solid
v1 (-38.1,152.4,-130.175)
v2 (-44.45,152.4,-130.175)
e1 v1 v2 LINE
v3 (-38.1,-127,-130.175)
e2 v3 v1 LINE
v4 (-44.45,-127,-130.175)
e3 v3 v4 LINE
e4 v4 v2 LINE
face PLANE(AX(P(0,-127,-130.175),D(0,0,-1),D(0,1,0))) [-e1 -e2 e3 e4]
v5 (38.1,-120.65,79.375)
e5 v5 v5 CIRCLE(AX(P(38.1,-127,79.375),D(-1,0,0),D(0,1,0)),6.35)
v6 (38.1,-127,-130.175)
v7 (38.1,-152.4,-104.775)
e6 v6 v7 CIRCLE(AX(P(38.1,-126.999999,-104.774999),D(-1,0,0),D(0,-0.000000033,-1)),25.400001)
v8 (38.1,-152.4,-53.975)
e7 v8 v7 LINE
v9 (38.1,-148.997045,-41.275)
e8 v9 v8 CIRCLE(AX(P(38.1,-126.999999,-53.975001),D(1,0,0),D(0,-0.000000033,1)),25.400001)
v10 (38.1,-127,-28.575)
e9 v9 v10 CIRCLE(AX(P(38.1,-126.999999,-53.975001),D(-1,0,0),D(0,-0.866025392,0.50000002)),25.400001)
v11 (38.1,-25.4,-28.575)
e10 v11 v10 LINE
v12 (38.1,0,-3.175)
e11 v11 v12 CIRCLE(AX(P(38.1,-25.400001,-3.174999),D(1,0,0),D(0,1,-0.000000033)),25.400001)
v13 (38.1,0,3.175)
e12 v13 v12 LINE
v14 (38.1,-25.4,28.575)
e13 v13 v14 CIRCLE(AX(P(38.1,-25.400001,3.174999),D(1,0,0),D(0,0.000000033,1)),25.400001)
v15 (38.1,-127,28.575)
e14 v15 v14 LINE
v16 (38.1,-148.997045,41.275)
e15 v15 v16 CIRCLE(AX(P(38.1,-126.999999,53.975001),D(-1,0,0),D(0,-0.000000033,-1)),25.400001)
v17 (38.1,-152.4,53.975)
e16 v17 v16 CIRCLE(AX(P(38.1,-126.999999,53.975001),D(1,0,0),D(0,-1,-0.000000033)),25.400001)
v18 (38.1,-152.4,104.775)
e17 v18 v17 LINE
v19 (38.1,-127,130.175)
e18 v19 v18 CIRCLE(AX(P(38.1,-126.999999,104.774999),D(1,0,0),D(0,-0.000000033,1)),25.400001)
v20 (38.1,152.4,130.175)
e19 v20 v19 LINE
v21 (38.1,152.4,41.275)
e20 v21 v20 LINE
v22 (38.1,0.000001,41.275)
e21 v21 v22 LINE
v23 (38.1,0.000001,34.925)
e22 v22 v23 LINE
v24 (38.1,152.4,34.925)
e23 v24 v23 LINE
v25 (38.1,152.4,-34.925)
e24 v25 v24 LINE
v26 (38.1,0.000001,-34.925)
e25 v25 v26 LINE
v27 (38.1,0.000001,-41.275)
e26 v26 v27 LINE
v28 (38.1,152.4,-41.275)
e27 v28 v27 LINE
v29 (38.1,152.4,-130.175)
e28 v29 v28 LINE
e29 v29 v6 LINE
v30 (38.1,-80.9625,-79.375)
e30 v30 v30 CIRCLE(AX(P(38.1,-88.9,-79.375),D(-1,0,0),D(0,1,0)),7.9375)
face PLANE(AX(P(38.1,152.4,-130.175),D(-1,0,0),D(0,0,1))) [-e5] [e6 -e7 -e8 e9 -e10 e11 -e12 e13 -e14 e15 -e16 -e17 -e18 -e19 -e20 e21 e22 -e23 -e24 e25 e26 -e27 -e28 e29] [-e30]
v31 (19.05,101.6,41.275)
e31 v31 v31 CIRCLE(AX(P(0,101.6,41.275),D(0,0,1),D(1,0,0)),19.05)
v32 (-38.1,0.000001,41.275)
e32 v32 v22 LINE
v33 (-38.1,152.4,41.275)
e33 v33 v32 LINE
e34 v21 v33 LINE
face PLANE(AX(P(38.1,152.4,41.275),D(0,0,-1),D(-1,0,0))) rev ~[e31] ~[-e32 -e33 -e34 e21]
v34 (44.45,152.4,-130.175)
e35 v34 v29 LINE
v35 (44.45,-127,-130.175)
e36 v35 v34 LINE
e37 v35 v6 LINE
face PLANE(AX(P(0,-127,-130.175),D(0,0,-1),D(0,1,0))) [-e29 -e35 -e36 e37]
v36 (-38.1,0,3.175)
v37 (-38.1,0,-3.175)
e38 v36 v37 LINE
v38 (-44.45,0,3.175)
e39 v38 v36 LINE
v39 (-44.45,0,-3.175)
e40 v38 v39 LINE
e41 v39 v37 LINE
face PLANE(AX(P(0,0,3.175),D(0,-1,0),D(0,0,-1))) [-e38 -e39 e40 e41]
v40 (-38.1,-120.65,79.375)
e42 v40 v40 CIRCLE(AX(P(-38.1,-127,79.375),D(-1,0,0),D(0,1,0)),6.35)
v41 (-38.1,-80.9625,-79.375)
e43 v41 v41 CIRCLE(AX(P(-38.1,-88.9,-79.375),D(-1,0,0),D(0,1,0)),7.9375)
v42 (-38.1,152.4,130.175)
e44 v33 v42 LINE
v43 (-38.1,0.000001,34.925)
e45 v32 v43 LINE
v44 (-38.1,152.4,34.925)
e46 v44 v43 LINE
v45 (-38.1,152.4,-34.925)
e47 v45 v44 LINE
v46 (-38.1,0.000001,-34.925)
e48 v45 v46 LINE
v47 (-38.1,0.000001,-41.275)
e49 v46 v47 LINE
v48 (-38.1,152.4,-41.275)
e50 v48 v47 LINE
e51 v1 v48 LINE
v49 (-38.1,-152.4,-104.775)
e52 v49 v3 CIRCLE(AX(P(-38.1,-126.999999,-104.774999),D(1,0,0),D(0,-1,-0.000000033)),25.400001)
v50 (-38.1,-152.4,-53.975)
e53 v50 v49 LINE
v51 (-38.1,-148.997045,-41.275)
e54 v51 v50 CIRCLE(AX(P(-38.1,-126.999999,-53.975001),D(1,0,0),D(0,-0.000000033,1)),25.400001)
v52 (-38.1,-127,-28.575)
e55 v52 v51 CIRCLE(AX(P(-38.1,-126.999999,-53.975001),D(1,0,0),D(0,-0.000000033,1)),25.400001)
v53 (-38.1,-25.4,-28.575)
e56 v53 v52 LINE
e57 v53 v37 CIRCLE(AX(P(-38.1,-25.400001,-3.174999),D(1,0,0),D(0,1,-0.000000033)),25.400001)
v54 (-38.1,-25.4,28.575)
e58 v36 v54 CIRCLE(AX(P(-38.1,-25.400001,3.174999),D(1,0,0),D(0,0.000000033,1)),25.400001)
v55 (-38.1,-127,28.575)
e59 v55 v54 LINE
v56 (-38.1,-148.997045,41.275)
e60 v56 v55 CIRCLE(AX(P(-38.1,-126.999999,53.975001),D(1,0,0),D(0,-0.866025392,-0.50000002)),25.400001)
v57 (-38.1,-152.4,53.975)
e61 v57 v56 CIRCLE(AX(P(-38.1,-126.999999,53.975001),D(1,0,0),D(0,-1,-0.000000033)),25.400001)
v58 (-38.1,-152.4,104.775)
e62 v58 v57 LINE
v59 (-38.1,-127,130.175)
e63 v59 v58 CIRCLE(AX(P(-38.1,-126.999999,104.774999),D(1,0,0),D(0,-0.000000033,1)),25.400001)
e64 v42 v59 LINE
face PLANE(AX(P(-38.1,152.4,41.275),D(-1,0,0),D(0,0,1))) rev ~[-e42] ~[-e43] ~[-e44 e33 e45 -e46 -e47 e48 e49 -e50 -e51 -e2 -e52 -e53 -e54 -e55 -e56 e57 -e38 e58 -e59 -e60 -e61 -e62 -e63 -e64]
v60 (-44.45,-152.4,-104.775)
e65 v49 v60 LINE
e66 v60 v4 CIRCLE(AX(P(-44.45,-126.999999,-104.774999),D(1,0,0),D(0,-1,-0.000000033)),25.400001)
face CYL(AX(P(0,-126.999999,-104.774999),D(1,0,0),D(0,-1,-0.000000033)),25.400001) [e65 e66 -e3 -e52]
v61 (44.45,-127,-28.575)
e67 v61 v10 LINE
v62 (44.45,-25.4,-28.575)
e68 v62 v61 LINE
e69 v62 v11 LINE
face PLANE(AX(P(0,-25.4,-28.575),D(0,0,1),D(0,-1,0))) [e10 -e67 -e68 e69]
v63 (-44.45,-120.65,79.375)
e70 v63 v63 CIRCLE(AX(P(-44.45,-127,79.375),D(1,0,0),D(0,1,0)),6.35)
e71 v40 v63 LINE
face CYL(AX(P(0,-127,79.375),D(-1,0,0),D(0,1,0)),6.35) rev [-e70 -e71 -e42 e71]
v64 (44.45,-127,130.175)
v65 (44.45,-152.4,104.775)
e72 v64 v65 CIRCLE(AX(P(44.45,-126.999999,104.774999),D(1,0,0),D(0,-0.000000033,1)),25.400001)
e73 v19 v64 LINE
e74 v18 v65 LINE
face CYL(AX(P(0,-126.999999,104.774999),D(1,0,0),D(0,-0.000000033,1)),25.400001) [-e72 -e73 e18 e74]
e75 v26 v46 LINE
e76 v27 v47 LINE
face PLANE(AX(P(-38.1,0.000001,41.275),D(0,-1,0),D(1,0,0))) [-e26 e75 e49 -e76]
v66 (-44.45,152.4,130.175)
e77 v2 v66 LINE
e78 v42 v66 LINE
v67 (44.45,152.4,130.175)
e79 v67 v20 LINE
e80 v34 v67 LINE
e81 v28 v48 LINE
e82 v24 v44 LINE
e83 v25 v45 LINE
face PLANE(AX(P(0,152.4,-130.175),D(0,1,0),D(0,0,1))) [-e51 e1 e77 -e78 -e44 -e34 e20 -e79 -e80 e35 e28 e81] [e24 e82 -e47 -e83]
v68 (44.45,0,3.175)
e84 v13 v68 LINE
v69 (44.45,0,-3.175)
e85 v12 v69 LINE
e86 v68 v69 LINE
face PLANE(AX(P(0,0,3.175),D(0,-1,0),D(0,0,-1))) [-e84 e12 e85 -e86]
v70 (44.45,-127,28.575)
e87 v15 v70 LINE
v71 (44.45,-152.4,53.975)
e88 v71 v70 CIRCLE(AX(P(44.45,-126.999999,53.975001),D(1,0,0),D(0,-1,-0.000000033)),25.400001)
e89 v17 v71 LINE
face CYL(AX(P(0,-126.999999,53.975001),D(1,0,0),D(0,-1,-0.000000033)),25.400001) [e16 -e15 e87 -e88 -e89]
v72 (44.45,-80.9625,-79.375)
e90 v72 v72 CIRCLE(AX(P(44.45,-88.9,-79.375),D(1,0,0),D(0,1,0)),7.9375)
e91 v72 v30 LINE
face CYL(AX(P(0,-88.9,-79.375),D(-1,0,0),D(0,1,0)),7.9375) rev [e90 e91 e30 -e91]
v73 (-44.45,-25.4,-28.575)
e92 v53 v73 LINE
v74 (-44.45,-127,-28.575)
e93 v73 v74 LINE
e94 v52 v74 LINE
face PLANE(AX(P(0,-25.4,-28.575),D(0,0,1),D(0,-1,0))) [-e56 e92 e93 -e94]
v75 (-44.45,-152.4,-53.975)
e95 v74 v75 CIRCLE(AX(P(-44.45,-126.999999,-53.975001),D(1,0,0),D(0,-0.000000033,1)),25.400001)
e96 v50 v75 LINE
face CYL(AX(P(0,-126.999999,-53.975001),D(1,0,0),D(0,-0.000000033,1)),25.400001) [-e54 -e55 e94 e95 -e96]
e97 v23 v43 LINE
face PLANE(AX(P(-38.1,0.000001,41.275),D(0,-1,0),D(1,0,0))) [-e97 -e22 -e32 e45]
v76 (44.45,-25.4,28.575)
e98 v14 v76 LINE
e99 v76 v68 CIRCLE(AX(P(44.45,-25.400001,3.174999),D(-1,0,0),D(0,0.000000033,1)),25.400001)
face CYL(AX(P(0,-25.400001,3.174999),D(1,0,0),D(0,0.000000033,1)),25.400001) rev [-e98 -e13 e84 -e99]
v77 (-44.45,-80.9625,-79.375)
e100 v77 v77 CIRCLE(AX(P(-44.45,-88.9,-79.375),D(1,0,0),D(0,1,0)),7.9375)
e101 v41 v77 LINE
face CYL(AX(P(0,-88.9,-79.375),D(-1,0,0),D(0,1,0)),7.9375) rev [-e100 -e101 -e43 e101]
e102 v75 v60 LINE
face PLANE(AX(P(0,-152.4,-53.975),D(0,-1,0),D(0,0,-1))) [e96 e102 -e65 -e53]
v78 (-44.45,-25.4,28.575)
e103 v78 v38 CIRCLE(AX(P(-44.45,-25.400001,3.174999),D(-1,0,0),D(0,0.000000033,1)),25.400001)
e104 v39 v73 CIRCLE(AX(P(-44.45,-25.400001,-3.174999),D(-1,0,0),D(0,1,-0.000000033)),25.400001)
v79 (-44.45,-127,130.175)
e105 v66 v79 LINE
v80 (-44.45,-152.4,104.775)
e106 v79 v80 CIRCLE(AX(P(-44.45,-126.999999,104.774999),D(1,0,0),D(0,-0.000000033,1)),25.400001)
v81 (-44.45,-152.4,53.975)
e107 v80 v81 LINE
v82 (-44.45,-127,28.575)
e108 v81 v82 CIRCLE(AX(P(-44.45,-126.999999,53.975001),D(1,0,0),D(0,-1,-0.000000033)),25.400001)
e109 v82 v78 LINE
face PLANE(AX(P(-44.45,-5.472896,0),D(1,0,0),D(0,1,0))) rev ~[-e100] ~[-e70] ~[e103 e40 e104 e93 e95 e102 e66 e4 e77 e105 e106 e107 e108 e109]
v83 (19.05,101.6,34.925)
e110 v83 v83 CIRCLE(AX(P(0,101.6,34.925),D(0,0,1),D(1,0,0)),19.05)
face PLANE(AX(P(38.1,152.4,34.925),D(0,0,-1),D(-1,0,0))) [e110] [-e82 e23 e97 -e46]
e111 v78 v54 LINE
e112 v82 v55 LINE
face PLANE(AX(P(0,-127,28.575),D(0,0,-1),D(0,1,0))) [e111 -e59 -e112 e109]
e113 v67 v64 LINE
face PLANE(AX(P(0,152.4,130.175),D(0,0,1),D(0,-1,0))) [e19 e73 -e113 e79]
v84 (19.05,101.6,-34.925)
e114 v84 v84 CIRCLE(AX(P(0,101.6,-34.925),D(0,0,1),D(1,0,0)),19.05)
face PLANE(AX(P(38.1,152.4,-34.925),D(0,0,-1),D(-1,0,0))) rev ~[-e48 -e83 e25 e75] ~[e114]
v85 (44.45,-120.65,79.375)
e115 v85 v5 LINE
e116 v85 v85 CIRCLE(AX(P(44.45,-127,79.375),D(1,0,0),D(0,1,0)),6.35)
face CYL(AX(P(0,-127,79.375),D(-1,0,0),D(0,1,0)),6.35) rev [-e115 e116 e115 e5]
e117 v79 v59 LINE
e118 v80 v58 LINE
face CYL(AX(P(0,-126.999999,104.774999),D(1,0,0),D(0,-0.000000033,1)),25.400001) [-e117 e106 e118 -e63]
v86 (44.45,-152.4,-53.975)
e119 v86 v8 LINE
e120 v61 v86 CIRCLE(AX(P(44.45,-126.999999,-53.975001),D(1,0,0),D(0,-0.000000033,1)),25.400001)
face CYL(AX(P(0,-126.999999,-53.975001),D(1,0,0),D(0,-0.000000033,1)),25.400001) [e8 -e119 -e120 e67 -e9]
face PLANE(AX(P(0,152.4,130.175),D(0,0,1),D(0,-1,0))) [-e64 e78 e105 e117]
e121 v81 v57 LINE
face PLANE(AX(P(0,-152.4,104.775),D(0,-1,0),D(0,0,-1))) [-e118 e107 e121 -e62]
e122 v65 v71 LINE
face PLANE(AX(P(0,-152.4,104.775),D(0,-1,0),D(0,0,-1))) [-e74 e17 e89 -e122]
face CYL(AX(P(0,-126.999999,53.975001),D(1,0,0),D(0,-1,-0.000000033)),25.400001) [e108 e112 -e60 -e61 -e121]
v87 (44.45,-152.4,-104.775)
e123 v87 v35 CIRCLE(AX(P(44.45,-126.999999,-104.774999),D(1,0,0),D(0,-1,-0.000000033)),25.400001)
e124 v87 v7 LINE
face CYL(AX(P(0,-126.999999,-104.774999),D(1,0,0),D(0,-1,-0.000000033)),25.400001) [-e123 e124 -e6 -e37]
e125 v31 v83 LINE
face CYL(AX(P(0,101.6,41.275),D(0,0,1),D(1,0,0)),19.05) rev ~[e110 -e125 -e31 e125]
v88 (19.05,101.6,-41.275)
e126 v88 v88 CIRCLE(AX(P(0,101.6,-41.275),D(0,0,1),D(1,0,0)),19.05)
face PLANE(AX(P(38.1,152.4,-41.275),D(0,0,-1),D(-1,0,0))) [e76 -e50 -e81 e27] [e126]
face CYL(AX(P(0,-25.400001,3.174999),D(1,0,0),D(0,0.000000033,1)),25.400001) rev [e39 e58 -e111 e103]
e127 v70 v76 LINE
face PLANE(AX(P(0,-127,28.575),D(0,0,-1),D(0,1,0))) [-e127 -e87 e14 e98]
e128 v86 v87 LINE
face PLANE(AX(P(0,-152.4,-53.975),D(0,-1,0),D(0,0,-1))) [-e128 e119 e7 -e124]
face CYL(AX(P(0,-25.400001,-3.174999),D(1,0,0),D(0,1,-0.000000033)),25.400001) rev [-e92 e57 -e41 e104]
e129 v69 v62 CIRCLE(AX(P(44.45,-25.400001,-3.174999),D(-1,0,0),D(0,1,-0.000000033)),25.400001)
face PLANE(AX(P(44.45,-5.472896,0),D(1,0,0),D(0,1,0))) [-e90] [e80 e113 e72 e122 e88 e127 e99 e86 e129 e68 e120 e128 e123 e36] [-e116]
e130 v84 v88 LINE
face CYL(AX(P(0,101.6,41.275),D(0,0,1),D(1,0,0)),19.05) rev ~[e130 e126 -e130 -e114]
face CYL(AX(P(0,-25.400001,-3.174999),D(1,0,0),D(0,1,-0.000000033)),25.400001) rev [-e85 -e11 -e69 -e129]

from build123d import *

# Parameters (mm, degrees)
F0_R     = 7.9375
F0_R_2   = 6.35
F1_DEPTH = 44.45
F2_W     = 76.2
F2_H     = 88.9
F2_H_2   = 69.85
F3_DEPTH = 304.801
F4_W     = 76.2
F4_H     = 148.997045
F4_R     = 19.05
F5_DEPTH = 171.451


with BuildPart() as f1:
    # F0 (on Right) → F1 (new body, symmetric)
    with BuildSketch(Plane.YZ):
        with BuildLine():
            Line((152.4, 130.175), (-127, 130.175))
            ThreePointArc((-127, 130.175), (-144.960512, 122.735512), (-152.4, 104.775))
            Line((-152.4, 104.775), (-152.4, 53.975))
            ThreePointArc((-152.4, 53.975), (-144.960512, 36.014488), (-127, 28.575))
            Line((-127, 28.575), (-25.4, 28.575))
            ThreePointArc((-25.4, 28.575), (-7.439488, 21.135512), (0, 3.175))
            Line((0, 3.175), (0, -3.175))
            ThreePointArc((0, -3.175), (-7.439488, -21.135512), (-25.4, -28.575))
            Line((-25.4, -28.575), (-127, -28.575))
            ThreePointArc((-127, -28.575), (-144.960512, -36.014488), (-152.4, -53.975))
            Line((-152.4, -53.975), (-152.4, -104.775))
            ThreePointArc((-152.4, -104.775), (-144.960512, -122.735512), (-127, -130.175))
            Line((-127, -130.175), (152.4, -130.175))
            Line((152.4, -130.175), (152.4, 130.175))
        make_face()
        with Locations((-88.9, -79.375)):
            Circle(F0_R, mode=Mode.SUBTRACT)
        with Locations((-127, 79.375)):
            Circle(F0_R_2, mode=Mode.SUBTRACT)
    extrude(amount=F1_DEPTH, both=True)

    # F2 (on face) → F3 (cut, through all)
    with BuildSketch(Plane(origin=(0, 152.4, 0), x_dir=(-1, 0, 0), z_dir=(0, 1, 0))):
        with Locations((0, 85.725)):
            Rectangle(F2_W, F2_H)
        Rectangle(F2_W, F2_H_2)
        with Locations((0, -85.725)):
            Rectangle(F2_W, F2_H)
    extrude(amount=-F3_DEPTH, mode=Mode.SUBTRACT)

    # F4 (on face) → F5 (cut, through all)
    with BuildSketch(Plane.XY.offset(41.275)):
        with Locations((0, -74.498522)):
            Rectangle(F4_W, F4_H)
        with Locations((0, 101.6)):
            Circle(F4_R)
    extrude(amount=-F5_DEPTH, mode=Mode.SUBTRACT)


solid = f1.part
